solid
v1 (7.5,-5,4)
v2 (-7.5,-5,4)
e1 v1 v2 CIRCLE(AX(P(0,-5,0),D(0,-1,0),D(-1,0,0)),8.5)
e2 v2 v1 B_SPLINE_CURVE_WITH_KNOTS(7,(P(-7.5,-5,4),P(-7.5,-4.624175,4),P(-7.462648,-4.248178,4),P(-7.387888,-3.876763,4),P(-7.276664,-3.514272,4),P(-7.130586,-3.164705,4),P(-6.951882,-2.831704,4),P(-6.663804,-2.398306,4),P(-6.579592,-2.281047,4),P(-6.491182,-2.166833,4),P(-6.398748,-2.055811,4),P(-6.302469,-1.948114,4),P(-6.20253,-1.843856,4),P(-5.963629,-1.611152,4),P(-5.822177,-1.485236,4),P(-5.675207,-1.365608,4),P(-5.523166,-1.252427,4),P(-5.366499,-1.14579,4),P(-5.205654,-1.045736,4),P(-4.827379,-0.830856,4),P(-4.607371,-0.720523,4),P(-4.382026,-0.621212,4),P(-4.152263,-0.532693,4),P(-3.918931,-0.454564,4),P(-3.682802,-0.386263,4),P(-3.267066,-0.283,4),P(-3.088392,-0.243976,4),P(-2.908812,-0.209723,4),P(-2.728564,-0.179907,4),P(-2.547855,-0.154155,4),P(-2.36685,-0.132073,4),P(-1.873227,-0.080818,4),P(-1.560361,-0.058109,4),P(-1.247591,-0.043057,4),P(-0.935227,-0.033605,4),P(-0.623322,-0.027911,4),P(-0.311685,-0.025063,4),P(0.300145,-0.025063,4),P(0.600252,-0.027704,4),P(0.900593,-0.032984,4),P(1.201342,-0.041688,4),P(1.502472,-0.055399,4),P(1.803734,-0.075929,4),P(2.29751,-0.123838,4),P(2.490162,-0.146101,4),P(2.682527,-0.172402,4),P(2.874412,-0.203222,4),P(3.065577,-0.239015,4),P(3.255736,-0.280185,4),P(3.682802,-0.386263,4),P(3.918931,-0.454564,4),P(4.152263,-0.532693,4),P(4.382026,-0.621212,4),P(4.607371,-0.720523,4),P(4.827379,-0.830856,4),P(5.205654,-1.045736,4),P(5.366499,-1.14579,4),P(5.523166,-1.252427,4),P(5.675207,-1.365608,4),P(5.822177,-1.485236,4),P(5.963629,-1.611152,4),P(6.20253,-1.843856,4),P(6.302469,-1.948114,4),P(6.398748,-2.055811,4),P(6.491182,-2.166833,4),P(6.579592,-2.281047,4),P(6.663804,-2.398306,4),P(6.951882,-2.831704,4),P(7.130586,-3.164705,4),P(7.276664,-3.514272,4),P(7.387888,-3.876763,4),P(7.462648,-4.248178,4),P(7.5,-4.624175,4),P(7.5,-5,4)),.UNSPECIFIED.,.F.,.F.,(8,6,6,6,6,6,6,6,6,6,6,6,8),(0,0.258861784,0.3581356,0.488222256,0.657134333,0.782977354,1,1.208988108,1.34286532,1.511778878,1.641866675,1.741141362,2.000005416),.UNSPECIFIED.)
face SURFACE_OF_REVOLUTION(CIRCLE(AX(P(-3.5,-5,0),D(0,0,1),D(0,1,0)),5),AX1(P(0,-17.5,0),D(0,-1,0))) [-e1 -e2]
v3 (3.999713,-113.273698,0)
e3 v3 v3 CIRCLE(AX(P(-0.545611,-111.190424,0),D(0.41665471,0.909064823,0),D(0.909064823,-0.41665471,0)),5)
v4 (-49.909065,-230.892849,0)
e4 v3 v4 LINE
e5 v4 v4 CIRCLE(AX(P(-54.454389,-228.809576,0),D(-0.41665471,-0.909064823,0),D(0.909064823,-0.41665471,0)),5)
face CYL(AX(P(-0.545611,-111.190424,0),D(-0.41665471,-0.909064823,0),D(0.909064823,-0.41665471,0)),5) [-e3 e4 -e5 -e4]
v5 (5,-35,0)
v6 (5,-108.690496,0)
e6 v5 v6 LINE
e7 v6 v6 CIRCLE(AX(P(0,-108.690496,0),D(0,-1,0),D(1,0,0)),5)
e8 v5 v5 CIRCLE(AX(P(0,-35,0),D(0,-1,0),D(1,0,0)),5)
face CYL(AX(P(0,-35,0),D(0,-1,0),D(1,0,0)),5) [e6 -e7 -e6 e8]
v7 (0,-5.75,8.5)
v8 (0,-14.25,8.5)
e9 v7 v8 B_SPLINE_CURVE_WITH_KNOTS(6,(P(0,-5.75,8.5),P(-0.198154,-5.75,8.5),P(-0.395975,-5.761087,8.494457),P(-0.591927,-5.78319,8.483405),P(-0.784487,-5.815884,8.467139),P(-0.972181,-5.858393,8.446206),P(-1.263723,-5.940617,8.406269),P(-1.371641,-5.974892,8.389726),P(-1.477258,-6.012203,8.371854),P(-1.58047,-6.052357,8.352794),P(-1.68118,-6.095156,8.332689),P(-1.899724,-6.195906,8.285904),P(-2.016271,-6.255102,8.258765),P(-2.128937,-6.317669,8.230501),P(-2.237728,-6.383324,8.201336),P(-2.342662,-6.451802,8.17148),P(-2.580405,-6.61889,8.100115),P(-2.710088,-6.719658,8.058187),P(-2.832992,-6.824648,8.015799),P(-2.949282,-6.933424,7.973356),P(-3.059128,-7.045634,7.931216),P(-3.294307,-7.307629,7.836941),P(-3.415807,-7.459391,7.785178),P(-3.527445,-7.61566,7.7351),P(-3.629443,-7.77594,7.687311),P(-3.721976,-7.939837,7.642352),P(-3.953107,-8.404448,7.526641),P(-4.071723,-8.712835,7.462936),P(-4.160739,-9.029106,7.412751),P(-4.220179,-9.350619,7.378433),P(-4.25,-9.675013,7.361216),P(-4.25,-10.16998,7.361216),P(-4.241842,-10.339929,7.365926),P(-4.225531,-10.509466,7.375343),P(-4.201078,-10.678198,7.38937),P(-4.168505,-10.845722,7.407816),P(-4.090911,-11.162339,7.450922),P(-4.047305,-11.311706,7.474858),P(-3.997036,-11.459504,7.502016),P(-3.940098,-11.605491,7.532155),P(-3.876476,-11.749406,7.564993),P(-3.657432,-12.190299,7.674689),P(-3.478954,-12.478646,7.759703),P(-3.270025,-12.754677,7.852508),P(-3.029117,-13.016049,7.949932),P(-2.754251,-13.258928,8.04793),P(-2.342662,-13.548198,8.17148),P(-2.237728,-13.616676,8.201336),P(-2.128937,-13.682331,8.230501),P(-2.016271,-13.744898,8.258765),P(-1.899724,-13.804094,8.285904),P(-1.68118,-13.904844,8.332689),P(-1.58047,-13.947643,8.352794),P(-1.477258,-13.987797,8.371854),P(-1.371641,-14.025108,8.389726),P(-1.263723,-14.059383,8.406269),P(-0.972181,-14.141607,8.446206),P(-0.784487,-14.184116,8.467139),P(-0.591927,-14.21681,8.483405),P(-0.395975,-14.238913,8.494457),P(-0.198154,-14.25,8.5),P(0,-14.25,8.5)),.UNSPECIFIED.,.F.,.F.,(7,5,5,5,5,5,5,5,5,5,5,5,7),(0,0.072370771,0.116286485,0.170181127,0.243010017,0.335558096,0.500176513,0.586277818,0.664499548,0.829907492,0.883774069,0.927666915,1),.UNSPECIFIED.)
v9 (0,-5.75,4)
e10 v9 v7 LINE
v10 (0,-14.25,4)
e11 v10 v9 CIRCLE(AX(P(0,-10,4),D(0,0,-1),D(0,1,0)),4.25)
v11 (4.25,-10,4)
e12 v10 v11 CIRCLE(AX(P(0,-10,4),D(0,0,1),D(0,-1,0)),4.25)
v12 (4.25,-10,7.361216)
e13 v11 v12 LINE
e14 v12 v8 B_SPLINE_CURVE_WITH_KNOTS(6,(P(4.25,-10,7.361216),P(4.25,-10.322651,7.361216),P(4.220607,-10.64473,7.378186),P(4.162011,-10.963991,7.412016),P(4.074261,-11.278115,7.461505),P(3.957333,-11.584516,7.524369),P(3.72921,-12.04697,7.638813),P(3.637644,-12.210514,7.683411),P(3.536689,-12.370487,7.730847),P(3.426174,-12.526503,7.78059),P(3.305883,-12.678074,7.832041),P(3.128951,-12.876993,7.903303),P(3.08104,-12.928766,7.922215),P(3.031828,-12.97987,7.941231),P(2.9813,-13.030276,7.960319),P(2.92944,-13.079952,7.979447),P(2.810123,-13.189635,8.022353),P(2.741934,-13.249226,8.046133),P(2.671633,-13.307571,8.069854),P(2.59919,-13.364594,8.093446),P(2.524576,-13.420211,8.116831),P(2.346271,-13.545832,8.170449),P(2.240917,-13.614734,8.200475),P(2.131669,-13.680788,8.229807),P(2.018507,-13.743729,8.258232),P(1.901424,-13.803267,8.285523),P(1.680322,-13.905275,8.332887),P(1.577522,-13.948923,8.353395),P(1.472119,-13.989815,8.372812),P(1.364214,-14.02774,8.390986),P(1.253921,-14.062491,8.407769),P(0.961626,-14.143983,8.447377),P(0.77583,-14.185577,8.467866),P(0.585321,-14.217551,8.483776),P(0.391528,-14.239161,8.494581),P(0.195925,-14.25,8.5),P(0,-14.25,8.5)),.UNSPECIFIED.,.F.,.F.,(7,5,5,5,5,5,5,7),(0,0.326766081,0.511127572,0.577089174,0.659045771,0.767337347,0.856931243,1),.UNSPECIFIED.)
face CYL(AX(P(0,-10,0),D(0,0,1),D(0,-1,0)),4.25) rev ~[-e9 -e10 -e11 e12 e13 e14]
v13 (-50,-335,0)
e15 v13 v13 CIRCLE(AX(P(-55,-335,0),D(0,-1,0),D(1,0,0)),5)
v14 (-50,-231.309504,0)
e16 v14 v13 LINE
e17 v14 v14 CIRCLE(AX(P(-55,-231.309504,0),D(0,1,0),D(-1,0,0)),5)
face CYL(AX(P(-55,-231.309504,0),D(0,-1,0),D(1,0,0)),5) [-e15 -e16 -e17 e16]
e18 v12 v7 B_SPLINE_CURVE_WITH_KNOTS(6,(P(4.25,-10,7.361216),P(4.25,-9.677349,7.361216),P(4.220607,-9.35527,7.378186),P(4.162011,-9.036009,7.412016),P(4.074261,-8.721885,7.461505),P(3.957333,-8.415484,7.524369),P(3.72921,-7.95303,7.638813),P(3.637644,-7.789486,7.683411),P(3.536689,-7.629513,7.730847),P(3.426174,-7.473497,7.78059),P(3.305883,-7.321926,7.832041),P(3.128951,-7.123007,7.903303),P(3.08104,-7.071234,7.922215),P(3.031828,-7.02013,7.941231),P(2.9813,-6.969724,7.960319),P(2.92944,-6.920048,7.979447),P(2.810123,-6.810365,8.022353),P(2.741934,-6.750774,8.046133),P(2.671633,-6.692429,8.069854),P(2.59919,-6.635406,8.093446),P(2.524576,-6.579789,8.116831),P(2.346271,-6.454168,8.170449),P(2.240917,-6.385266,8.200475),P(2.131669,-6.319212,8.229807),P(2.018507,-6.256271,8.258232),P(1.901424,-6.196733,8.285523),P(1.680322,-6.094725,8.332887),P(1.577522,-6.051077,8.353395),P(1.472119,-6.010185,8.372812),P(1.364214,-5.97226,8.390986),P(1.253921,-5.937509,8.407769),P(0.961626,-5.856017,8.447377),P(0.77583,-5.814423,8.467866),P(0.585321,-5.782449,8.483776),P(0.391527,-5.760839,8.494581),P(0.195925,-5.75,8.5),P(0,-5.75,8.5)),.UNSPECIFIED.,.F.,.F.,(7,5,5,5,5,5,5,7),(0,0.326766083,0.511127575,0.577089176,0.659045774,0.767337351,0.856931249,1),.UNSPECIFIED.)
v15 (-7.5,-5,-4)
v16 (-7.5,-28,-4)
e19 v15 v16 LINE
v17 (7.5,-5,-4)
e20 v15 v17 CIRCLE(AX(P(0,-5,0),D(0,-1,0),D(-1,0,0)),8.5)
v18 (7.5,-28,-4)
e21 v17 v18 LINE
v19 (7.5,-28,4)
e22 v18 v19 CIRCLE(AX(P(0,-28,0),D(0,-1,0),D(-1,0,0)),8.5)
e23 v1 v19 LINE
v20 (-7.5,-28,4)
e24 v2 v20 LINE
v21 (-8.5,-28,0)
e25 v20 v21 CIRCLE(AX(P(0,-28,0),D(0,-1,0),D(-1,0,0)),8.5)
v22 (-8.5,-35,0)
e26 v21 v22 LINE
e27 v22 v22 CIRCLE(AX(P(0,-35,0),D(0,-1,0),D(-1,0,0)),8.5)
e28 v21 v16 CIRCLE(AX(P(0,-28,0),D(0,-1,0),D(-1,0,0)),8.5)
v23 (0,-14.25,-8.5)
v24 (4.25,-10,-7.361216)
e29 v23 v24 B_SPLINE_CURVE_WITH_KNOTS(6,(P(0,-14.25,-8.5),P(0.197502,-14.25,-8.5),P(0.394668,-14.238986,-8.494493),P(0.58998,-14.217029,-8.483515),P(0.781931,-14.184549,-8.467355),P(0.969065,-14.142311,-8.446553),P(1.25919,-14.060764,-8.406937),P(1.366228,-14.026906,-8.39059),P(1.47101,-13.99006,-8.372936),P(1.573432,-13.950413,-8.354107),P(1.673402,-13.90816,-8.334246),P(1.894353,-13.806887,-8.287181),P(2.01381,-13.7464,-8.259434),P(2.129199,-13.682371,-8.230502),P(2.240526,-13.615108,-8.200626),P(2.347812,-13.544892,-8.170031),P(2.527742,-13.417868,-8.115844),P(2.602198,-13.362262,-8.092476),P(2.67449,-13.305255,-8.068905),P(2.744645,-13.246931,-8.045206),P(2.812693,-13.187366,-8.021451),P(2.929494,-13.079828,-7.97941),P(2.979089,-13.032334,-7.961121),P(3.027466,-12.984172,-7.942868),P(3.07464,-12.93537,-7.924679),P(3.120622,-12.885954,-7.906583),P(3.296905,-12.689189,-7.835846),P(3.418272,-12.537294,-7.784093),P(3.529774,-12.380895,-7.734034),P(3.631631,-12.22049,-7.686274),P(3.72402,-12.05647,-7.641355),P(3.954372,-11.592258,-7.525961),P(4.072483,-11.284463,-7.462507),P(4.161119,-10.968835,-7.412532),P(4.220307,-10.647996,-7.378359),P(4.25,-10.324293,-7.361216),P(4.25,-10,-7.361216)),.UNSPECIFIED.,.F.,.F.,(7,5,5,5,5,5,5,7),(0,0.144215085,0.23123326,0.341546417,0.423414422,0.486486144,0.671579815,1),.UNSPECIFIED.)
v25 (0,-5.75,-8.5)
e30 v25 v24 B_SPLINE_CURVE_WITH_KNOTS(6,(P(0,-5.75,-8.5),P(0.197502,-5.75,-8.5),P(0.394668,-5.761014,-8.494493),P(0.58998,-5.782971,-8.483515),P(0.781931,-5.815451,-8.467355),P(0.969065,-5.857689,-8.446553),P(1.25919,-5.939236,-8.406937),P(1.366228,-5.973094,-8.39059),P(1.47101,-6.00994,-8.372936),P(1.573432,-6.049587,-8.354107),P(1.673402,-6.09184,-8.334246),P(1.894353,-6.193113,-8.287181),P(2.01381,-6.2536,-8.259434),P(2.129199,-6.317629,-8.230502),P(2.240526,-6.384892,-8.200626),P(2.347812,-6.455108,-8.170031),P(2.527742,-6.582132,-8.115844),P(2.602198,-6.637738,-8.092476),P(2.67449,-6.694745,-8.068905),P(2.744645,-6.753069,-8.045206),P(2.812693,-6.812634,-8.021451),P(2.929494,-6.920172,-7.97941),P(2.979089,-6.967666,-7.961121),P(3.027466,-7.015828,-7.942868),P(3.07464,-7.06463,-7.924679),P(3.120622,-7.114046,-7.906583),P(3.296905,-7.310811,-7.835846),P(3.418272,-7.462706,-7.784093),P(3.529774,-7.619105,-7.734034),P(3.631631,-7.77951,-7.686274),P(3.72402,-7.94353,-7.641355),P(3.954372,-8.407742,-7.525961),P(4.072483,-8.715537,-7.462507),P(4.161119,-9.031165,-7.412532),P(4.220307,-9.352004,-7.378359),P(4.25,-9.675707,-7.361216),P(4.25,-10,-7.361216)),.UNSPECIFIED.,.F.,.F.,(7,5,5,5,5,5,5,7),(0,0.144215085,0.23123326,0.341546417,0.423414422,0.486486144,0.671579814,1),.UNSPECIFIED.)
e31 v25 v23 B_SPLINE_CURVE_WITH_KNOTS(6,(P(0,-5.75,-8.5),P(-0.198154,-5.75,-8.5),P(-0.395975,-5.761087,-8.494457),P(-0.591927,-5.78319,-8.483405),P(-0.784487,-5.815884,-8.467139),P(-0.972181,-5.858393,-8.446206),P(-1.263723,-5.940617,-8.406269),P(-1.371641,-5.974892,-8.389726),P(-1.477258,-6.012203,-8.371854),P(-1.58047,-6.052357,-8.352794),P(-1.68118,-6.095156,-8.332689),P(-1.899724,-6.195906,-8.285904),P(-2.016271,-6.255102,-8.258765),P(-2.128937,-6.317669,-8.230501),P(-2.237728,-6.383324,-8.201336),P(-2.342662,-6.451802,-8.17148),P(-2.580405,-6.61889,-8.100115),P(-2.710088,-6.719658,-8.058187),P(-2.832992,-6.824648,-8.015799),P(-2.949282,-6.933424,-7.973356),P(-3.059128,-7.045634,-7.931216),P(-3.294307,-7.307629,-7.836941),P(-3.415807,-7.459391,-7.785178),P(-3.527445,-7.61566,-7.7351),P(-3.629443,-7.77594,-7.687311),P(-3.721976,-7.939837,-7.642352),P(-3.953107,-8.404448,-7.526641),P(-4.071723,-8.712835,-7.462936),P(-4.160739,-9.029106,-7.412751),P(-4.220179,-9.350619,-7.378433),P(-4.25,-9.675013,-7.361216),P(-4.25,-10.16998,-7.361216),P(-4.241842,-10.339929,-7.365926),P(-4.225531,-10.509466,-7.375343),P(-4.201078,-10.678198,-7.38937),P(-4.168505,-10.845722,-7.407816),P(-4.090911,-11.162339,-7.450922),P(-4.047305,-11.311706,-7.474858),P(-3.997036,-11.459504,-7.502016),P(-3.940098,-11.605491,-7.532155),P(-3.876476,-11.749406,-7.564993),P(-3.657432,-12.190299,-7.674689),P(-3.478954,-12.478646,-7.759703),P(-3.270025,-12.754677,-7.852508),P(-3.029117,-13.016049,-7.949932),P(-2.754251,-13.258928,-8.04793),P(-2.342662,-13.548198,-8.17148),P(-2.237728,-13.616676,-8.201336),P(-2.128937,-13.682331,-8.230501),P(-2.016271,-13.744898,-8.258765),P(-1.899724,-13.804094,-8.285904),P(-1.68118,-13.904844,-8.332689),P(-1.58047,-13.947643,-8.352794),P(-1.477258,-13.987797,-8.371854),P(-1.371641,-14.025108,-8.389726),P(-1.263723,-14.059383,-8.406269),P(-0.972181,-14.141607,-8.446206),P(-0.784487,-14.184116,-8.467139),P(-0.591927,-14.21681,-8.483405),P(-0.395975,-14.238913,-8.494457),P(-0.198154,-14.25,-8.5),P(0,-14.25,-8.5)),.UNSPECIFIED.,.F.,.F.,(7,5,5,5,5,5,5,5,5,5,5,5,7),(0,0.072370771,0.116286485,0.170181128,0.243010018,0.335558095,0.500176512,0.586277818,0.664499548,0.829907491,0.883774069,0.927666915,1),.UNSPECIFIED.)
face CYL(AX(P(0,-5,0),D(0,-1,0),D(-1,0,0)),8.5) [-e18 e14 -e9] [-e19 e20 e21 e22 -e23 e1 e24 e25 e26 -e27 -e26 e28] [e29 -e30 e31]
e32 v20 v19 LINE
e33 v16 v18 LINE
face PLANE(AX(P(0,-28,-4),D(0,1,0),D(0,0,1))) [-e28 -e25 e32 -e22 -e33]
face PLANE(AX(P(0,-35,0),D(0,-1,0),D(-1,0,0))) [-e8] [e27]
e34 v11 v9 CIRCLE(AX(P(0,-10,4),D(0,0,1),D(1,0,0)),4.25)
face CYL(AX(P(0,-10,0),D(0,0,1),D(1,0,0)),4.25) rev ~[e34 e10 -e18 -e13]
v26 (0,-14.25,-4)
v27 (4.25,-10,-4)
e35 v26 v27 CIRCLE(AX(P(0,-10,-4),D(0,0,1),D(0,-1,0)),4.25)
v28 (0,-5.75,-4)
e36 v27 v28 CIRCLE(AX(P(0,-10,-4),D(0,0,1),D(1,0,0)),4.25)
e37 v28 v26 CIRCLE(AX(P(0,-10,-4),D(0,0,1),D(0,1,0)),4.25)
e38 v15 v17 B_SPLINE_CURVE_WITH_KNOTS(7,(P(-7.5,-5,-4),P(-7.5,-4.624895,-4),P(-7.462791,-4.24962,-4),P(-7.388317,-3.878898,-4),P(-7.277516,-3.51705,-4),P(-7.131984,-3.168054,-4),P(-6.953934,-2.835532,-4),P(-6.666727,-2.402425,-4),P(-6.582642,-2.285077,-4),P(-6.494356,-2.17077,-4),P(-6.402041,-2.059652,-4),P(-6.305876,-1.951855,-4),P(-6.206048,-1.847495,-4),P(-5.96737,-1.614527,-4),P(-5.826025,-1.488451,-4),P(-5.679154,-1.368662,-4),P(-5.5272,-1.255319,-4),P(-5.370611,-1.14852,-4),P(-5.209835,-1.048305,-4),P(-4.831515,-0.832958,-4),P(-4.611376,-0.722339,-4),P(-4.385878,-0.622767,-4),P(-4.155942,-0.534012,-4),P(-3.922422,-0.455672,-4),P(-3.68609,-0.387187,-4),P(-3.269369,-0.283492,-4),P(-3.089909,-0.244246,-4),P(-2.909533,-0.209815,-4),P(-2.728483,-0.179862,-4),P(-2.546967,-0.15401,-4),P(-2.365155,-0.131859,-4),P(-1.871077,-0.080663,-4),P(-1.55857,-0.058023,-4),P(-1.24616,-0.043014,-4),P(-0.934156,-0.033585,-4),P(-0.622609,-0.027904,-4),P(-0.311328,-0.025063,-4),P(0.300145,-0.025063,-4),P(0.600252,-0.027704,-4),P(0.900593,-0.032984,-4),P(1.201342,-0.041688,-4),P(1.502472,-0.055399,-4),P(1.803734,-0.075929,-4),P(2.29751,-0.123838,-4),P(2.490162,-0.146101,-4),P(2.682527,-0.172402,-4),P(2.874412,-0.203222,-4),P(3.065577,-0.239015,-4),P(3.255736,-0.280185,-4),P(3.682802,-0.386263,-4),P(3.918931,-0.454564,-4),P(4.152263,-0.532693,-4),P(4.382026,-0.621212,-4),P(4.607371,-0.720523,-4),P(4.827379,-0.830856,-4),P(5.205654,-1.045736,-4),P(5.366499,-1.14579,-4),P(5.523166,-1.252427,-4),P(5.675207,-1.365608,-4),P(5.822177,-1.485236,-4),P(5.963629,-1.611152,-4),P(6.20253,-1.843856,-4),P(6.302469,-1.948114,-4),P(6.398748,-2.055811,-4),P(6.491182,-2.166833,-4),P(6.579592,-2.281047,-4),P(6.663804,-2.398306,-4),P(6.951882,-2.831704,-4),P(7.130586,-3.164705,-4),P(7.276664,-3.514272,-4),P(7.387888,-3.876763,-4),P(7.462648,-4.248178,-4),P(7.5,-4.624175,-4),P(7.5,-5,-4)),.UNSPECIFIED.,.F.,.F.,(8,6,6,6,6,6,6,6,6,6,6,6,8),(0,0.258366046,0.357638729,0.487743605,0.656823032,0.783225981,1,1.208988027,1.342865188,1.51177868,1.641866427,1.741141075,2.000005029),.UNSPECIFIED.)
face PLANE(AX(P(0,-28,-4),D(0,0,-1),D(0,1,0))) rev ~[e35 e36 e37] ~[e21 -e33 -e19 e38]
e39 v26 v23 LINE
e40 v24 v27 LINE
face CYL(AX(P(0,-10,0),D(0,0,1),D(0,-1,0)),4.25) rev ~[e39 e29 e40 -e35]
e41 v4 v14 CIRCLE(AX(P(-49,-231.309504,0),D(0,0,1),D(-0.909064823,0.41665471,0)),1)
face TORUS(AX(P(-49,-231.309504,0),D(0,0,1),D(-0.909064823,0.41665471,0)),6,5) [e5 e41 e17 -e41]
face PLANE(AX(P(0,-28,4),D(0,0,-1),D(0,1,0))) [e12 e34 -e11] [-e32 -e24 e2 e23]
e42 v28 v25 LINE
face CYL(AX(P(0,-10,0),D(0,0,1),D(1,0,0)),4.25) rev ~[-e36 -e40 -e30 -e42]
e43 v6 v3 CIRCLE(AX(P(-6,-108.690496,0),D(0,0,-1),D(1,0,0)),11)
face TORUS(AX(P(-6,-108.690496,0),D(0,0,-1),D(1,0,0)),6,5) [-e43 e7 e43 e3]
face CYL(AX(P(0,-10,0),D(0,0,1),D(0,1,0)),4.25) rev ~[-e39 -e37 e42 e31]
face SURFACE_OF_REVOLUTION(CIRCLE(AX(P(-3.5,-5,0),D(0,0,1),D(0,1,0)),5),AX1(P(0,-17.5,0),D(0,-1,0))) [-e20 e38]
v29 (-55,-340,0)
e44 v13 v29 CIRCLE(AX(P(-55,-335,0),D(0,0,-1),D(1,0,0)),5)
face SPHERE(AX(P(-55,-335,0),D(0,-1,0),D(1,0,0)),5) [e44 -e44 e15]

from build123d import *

# Parameters (mm, degrees)
F2_DEPTH      = 25
F2_DEPTH_BACK = 25
F3_W          = 56
F3_H          = 8
F4_DEPTH      = 25
F4_DEPTH_BACK = 25
F5_R          = 5
F7_R          = 5


with BuildPart() as f1:
    # F0 (on Top) → F1 (revolve)
    with BuildSketch(Plane.XY):
        with BuildLine():
            Line((0, 0), (-3.5, 0))
            ThreePointArc((-3.5, 0), (-7.0355339059, -1.4644660941), (-8.5, -5))
            Line((-8.5, -5), (-8.5, -35))
            Line((-8.5, -35), (0, -35))
            Line((0, -35), (0, -14.25))
            ThreePointArc((0, -14.25), (-4.25, -10), (0, -5.75))
            Line((0, -5.75), (0, 0))
        make_face()
        with BuildLine():
            Line((0, -14.25), (0, -5.75))
            ThreePointArc((0, -5.75), (-4.25, -10), (0, -14.25))
        make_face()
    revolve(axis=Axis((0, -17.5, 0), (0, -1, 0)))

    # F0 (on Top) → F2 (cut, two sides)
    with BuildSketch(Plane.XY) as f2_sk:
        with BuildLine():
            Line((0, -14.25), (0, -5.75))
            ThreePointArc((0, -5.75), (-4.25, -10), (0, -14.25))
        make_face()
        with BuildLine():
            ThreePointArc((4.25, -10), (3.00520382, -6.99479618), (0, -5.75))
            Line((0, -5.75), (0, -14.25))
            ThreePointArc((0, -14.25), (3.00520382, -13.00520382), (4.25, -10))
        make_face()
    extrude(amount=-F2_DEPTH, mode=Mode.SUBTRACT)
    extrude(f2_sk.sketch, amount=F2_DEPTH_BACK, mode=Mode.SUBTRACT)

    # F3 (on Right) → F4 (cut, two sides)
    with BuildSketch(Plane.YZ) as f4_sk:
        Rectangle(F3_W, F3_H)
    extrude(amount=-F4_DEPTH, mode=Mode.SUBTRACT)
    extrude(f4_sk.sketch, amount=F4_DEPTH_BACK, mode=Mode.SUBTRACT)

    # F6: sweep along a path in F0
    with BuildLine(Plane.XY) as f6_path:
        Line((0, -35), (0, -108.6904958737))
        ThreePointArc((0, -108.6904958737), (-0.1379895247, -109.9698836913), (-0.5456110626, -111.1904241367))
        Line((-0.5456110626, -111.1904241367), (-54.4543889374, -228.8095758633))
        ThreePointArc((-54.4543889374, -228.8095758633), (-54.8620104753, -230.0301163087), (-55, -231.3095041263))
        Line((-55, -231.3095041263), (-55, -340))
    # F5 (on face) → F6 (sweep)
    with BuildSketch(Plane.XZ.offset(35)):
        Circle(F5_R)
    sweep(path=f6_path.line)

    # F7
    f7_edges = [f1.edges().sort_by_distance(p)[0] for p in [
        (-60, -340, 0),
    ]]
    fillet(f7_edges, radius=F7_R)


solid = f1.part
